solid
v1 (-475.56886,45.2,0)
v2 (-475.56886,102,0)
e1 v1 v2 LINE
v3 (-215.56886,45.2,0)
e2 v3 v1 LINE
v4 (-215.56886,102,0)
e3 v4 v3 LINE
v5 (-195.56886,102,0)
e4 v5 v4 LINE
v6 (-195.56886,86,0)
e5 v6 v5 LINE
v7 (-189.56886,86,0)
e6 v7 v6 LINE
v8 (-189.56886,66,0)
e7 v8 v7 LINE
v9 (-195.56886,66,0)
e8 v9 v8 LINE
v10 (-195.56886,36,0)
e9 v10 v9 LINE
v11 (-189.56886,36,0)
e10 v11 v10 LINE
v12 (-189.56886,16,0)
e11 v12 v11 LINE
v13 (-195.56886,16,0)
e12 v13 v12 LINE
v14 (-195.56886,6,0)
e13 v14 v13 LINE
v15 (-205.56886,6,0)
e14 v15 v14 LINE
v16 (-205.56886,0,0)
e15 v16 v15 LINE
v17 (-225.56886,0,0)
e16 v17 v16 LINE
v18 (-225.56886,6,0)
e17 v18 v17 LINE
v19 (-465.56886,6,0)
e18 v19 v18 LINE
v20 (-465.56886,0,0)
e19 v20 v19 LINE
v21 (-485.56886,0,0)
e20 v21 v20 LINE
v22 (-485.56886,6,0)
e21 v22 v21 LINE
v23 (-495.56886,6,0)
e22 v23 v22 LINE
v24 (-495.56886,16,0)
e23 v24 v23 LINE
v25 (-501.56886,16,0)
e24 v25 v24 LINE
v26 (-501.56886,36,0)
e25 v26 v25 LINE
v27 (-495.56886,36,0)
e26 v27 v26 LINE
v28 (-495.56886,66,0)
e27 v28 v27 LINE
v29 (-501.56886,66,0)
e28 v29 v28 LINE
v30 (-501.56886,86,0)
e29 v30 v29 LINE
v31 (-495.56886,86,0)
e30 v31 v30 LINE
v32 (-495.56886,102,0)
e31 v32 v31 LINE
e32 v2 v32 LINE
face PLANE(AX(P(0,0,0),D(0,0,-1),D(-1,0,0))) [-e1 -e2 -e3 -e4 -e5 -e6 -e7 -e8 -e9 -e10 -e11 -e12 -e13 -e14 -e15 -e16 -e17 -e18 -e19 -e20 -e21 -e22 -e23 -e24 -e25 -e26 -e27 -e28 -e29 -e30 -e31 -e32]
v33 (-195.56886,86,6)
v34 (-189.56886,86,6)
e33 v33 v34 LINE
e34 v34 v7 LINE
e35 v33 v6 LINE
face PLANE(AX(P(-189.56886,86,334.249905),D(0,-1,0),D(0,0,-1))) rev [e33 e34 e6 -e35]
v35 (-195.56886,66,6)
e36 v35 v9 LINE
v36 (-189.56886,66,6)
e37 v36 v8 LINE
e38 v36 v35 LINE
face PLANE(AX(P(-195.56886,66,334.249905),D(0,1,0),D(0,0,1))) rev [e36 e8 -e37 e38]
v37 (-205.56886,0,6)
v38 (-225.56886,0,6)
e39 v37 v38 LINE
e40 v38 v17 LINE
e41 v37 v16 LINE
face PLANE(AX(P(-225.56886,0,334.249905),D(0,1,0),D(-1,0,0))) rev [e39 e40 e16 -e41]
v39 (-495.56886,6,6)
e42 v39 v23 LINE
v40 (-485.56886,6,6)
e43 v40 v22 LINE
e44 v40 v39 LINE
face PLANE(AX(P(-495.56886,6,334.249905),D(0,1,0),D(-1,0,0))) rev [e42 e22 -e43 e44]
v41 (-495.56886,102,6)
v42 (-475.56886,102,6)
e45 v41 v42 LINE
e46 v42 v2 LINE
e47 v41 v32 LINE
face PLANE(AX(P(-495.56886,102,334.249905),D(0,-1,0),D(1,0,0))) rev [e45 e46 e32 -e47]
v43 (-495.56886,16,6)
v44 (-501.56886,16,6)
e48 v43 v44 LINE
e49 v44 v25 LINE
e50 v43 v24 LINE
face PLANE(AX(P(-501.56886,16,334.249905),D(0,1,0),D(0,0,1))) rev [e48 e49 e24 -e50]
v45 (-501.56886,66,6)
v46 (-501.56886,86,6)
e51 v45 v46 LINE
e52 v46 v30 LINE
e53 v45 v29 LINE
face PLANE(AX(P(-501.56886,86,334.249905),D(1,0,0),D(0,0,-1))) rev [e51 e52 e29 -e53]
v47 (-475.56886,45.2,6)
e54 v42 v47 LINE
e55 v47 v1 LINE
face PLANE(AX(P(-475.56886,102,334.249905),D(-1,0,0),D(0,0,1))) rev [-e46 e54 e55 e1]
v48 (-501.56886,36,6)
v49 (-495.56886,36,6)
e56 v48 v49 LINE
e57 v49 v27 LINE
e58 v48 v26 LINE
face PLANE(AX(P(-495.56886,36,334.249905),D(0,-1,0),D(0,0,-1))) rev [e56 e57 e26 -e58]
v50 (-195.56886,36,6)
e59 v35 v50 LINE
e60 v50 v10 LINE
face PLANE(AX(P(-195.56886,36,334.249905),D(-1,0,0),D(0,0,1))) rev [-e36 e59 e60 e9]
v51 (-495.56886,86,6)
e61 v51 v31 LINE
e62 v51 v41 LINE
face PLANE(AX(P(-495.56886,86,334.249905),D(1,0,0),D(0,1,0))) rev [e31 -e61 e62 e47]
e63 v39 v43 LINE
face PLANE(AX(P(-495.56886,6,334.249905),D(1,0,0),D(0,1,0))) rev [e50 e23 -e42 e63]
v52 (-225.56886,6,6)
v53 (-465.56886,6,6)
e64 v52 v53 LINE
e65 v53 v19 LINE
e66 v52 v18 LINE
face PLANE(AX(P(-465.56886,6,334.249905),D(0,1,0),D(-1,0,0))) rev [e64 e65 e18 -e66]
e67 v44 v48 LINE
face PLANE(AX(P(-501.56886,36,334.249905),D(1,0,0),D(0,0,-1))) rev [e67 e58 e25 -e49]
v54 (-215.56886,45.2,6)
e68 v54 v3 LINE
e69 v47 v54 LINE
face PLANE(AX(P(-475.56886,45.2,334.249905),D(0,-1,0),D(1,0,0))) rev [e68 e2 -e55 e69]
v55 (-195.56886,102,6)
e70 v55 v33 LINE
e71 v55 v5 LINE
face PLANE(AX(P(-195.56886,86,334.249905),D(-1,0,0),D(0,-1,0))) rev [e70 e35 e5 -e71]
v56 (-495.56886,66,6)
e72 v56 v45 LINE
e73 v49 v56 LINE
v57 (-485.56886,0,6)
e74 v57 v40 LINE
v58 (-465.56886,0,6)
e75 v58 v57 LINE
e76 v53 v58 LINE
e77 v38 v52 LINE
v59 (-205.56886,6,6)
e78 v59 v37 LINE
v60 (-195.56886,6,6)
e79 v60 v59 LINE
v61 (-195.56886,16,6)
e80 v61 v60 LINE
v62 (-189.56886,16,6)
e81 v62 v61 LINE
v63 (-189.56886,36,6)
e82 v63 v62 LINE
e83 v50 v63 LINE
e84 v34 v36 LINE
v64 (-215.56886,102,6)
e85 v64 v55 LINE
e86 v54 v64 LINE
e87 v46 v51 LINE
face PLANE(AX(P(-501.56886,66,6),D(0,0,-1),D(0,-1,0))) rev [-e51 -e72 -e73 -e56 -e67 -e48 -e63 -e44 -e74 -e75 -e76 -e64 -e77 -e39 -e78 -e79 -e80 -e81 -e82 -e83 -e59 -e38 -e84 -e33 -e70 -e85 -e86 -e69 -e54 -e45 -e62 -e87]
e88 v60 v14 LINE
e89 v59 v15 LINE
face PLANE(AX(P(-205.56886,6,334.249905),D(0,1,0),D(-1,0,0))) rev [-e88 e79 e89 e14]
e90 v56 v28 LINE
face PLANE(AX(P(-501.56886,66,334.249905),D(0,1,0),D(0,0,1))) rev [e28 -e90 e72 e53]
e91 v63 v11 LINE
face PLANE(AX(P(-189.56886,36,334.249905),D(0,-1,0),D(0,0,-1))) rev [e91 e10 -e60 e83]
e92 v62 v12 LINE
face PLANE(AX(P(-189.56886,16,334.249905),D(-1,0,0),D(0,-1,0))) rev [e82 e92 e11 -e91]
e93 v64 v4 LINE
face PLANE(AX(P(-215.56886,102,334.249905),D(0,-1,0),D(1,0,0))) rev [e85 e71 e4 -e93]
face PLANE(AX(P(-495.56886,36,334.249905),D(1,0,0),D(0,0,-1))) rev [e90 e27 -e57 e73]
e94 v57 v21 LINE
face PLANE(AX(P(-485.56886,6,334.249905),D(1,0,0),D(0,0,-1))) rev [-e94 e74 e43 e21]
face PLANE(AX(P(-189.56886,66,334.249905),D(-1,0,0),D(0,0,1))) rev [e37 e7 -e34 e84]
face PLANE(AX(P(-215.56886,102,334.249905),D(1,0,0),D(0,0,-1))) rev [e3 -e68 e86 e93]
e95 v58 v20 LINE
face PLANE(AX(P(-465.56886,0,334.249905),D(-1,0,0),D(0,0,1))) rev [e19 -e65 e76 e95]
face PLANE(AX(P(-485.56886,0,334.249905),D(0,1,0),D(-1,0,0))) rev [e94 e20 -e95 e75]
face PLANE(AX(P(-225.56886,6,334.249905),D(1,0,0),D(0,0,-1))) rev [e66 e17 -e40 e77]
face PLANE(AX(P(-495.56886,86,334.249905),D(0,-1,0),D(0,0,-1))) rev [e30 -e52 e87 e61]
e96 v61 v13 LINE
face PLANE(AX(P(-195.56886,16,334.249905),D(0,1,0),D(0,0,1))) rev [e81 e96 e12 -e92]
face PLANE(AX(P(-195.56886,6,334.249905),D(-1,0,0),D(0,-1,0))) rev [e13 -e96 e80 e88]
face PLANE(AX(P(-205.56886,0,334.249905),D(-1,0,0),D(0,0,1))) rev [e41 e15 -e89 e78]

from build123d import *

# Parameters (mm, degrees)
BOSS_EXTRUDE1_DEPTH = 6


with BuildPart() as part:
    # Sketch1 → Boss-Extrude1 (new body)
    with BuildSketch(Plane.XY):
        Polygon((-495.568859933, 6), (-485.568859933, 6), (-485.568859933, 0), (-465.568859933, 0), (-465.568859933, 6), (-225.568859933, 6), (-225.568859933, 0), (-205.568859933, 0), (-205.568859933, 6), (-195.568859933, 6), (-195.568859933, 16), (-189.568859933, 16), (-189.568859933, 36), (-195.568859933, 36), (-195.568859933, 66), (-189.568859933, 66), (-189.568859933, 86), (-195.568859933, 86), (-195.568859933, 102), (-215.568859933, 102), (-215.568859933, 45.2), (-475.568859933, 45.2), (-475.568859933, 102), (-495.568859933, 102), (-495.568859933, 85.999999998), (-501.568859933, 85.999999998), (-501.568859933, 65.999999998), (-495.568859933, 65.999999998), (-495.568859933, 35.999999998), (-501.568859933, 35.999999998), (-501.568859933, 15.999999998), (-495.568859933, 15.999999998), align=None)
    extrude(amount=BOSS_EXTRUDE1_DEPTH)


solid = part.part
